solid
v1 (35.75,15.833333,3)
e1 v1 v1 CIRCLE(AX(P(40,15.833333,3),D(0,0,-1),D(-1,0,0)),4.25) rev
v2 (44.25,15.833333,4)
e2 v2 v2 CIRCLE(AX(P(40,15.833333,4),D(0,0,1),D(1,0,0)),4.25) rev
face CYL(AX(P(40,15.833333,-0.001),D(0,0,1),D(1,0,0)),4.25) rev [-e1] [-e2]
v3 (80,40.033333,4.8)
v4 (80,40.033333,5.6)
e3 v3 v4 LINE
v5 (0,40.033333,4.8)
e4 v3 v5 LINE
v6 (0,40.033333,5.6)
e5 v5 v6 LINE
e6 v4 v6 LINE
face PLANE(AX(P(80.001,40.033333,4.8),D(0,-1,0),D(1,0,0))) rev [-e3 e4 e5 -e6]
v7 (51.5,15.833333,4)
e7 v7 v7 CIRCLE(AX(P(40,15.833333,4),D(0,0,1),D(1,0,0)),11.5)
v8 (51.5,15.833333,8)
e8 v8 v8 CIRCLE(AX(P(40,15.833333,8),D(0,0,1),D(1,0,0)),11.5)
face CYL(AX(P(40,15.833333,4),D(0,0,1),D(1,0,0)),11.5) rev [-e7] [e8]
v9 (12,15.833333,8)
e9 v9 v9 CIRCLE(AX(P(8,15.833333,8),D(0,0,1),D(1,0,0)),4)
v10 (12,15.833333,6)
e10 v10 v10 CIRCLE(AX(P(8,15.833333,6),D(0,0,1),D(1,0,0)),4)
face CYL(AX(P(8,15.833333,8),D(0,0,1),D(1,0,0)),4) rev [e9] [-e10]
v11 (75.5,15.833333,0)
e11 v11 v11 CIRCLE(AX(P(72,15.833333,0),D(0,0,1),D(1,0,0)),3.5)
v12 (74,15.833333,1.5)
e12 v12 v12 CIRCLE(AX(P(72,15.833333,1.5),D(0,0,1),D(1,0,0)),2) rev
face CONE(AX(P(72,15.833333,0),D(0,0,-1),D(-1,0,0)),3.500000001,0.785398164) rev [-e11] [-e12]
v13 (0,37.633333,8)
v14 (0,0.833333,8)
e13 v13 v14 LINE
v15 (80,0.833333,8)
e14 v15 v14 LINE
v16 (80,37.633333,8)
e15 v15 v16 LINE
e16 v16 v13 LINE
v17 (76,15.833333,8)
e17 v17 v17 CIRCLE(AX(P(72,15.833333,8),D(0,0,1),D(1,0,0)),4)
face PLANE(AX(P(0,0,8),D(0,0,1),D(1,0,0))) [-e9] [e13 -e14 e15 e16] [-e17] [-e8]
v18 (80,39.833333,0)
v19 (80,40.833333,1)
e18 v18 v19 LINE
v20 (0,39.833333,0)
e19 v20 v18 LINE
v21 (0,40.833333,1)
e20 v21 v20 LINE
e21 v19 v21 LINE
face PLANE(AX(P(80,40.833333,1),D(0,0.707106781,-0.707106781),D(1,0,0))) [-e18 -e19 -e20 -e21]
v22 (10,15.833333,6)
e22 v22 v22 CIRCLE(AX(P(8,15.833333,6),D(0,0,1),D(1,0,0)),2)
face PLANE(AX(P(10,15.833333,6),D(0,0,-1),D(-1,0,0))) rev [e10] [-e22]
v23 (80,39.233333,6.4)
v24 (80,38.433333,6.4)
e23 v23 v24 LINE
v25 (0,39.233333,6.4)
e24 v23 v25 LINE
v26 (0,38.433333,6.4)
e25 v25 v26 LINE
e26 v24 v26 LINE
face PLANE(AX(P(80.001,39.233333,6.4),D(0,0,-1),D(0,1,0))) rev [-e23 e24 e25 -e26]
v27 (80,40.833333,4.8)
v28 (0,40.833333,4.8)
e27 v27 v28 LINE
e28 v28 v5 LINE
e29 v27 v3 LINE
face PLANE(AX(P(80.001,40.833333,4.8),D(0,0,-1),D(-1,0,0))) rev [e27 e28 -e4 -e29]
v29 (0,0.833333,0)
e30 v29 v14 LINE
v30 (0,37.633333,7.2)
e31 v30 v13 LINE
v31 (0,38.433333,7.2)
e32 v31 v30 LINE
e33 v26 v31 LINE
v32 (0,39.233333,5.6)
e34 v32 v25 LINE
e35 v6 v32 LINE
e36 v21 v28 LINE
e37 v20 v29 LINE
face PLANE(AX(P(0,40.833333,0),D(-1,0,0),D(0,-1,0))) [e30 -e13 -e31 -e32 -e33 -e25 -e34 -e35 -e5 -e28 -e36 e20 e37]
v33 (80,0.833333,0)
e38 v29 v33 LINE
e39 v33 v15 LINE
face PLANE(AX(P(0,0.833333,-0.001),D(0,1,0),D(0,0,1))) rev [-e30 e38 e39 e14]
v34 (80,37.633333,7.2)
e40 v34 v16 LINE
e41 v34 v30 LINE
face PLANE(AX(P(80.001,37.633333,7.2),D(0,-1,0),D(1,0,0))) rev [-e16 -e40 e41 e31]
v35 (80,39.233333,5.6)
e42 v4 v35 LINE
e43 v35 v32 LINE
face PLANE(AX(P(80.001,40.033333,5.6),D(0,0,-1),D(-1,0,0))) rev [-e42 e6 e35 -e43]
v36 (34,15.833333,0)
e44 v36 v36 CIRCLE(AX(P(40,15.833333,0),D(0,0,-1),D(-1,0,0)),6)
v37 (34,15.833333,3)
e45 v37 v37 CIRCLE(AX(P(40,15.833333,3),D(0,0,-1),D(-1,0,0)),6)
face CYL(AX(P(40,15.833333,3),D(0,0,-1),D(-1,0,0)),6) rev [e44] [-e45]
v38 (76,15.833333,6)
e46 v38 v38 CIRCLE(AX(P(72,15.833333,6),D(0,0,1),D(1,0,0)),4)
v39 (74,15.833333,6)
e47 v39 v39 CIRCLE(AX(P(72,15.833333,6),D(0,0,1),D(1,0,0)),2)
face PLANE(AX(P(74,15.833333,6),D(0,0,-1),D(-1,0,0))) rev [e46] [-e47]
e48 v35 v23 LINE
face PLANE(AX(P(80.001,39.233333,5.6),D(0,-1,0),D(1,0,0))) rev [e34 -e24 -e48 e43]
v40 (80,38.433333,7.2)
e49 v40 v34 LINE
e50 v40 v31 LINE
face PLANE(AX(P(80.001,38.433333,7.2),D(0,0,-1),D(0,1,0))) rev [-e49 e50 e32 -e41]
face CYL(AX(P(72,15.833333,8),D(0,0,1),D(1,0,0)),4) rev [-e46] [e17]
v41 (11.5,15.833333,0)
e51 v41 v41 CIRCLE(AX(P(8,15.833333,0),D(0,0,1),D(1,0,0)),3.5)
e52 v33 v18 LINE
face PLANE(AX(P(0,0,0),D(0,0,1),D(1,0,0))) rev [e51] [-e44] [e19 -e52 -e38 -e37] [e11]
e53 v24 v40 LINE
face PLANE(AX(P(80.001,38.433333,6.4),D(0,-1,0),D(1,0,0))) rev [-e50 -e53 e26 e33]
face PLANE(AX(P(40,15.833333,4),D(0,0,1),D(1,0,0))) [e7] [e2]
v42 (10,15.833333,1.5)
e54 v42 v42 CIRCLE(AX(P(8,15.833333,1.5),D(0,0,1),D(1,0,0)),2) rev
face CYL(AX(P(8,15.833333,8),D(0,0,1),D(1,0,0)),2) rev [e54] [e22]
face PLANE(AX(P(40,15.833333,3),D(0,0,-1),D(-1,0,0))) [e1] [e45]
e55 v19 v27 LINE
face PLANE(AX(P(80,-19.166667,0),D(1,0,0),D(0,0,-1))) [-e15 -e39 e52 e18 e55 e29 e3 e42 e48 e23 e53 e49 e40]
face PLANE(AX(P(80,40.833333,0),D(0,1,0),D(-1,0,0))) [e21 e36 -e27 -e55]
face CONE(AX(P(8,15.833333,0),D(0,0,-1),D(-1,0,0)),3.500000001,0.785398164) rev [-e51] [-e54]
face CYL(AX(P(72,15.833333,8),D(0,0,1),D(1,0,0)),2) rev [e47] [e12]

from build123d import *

# Parameters (mm, degrees)
SKETCH_1_W                     = 80
SKETCH_1_H                     = 60
EXTRUDE_1_DEPTH                = 8
HOLE_WIZARD_M3_5_1_D           = 4
HOLE_WIZARD_M3_5_1_CBORE_D     = 8
HOLE_WIZARD_M3_5_1_CBORE_DEPTH = 2
SKETCH_14_W                    = 80
SKETCH_14_H                    = 2
SKETCH_14_W_2                  = 2
SKETCH_14_H_2                  = 16
CUT_EXTRUDE_1_DEPTH            = 1
CUT_EXTRUDE_2_REACH            = 92.174
SKETCH_15_R                    = 4.25
SKETCH_17_R                    = 11.5
CUT_EXTRUDE_4_DEPTH            = 4
SKETCH_18_R                    = 6
CUT_EXTRUDE_5_DEPTH            = 3
CHAMFER_1_SIZE                 = 1.499999999
CHAMFER_1_SIZE2                = 1.500000001
CHAMFER_2_SIZE                 = 1
SKETCH_20_W                    = 80
SKETCH_20_H                    = 6
CUT_EXTRUDE_6_DEPTH            = 1
SKETCH_21_W                    = 80
SKETCH_21_H                    = 4
CUT_EXTRUDE_7_DEPTH            = 1
SKETCH_22_W                    = 80
SKETCH_22_H                    = 2
CUT_EXTRUDE_8_DEPTH            = 1
SKETCH_23_R                    = 1
CUT_EXTRUDE_9_DEPTH            = 1
CUT_EXTRUDE_10_REACH           = 92.174
SKETCH_24_W                    = 80
SKETCH_24_H                    = 20
EXTRUDE_2_DEPTH                = 3
CUT_EXTRUDE_11_REACH           = 92.174


with BuildPart() as part:
    # 草图1 → 凸台-拉伸1 (new body)
    with BuildSketch(Plane.XY.offset(8)):
        with Locations((40, 10.833333333)):
            Rectangle(SKETCH_1_W, SKETCH_1_H)
    extrude(amount=-EXTRUDE_1_DEPTH)

    # M3.5 六角头机械螺钉的柱形沉头孔1 (through all)
    with Locations(Plane.XY.offset(8)):
        with Locations((8, 15.833333333), (72, 15.833333333)):
            CounterBoreHole(HOLE_WIZARD_M3_5_1_D / 2, HOLE_WIZARD_M3_5_1_CBORE_D / 2, HOLE_WIZARD_M3_5_1_CBORE_DEPTH)

    # 草图14 → 切除-拉伸1 (cut)
    with BuildSketch(Plane.XY.offset(8)):
        with Locations((40, 37.833333333)):
            Rectangle(SKETCH_14_W, SKETCH_14_H)
        Polygon((15, 40.833333333), (31, 24.833333333), (32.414213562, 26.247546896), (16.414213562, 42.247546896), align=None)
        with Locations((7, 32.833333333)):
            Rectangle(SKETCH_14_W_2, SKETCH_14_H_2)
        with Locations((40, 32.833333333)):
            Rectangle(SKETCH_14_W_2, SKETCH_14_H_2)
        with Locations((73, 32.833333333)):
            Rectangle(SKETCH_14_W_2, SKETCH_14_H_2)
        Polygon((47.585786438, 26.247546896), (63.585786438, 42.247546896), (65, 40.833333333), (49, 24.833333333), align=None)
    extrude(amount=-CUT_EXTRUDE_1_DEPTH, mode=Mode.SUBTRACT)

    # 草图15 → 切除-拉伸2 (cut, up to next)
    with BuildSketch(Plane.XY.offset(8), mode=Mode.PRIVATE) as cut_extrude_2_sk1:
        with Locations((40, 15.833333333)):
            Circle(SKETCH_15_R)
    cut_extrude_2_tool1 = extrude(cut_extrude_2_sk1.sketch, amount=-CUT_EXTRUDE_2_REACH, mode=Mode.PRIVATE) & part.part
    add(cut_extrude_2_tool1.solids().sort_by_distance((40, 15.833333, 8))[0], mode=Mode.SUBTRACT)

    # 草图17 → 切除-拉伸4 (cut)
    with BuildSketch(Plane.XY.offset(8)):
        with Locations((40, 15.833333333)):
            Circle(SKETCH_17_R)
    extrude(amount=-CUT_EXTRUDE_4_DEPTH, mode=Mode.SUBTRACT)

    # 草图18 → 切除-拉伸5 (cut)
    with BuildSketch(Plane(origin=(0, 0, 0), x_dir=(-1, 0, 0), z_dir=(0, 0, -1))):
        with Locations((-40, 15.833333333)):
            Circle(SKETCH_18_R)
    extrude(amount=-CUT_EXTRUDE_5_DEPTH, mode=Mode.SUBTRACT)

    # 倒角1
    chamfer_1_edges = [part.edges().sort_by_distance(p)[0] for p in [
        (74, 15.833333333, 0),
        (10, 15.833333333, 0),
    ]]
    chamfer_1_side = [part.faces().sort_by_distance(p)[0] for p in [
        (79, 10.833333333, 0),
    ]]
    chamfer(chamfer_1_edges, length=CHAMFER_1_SIZE, length2=CHAMFER_1_SIZE2, reference=chamfer_1_side[0])

    # 倒角2
    chamfer_2_edges = [part.edges().sort_by_distance(p)[0] for p in [
        (40, 40.833333333, 0),
    ]]
    chamfer(chamfer_2_edges, length=CHAMFER_2_SIZE)

    # 草图20 → 切除-拉伸6 (cut)
    with BuildSketch(Plane.XY.offset(8)):
        with Locations((40, -16.166666667)):
            Rectangle(SKETCH_20_W, SKETCH_20_H)
    extrude(amount=-CUT_EXTRUDE_6_DEPTH, mode=Mode.SUBTRACT)

    # 草图21 → 切除-拉伸7 (cut)
    with BuildSketch(Plane.XY.offset(7)):
        with Locations((40, -17.166666667)):
            Rectangle(SKETCH_21_W, SKETCH_21_H)
    extrude(amount=-CUT_EXTRUDE_7_DEPTH, mode=Mode.SUBTRACT)

    # 草图22 → 切除-拉伸8 (cut)
    with BuildSketch(Plane.XY.offset(6)):
        with Locations((40, -18.166666667)):
            Rectangle(SKETCH_22_W, SKETCH_22_H)
    extrude(amount=-CUT_EXTRUDE_8_DEPTH, mode=Mode.SUBTRACT)

    # 草图23 → 切除-拉伸9 (cut)
    with BuildSketch(Plane.XY.offset(8)):
        with Locations((7, 24.833333333)):
            Circle(SKETCH_23_R)
        with Locations((31.707106781, 25.540440115)):
            Circle(SKETCH_23_R)
        with Locations((48.292893219, 25.540440115)):
            Circle(SKETCH_23_R)
        with Locations((73, 24.833333333)):
            Circle(SKETCH_23_R)
    extrude(amount=-CUT_EXTRUDE_9_DEPTH, mode=Mode.SUBTRACT)

    # 草图24 → 切除-拉伸10 (cut, up to next)
    with BuildSketch(Plane.XY.offset(8), mode=Mode.PRIVATE) as cut_extrude_10_sk1:
        with Locations((40, -9.166666667)):
            Rectangle(SKETCH_24_W, SKETCH_24_H)
    cut_extrude_10_tool1 = extrude(cut_extrude_10_sk1.sketch, amount=-CUT_EXTRUDE_10_REACH, mode=Mode.PRIVATE) & part.part
    add(cut_extrude_10_tool1.solids().sort_by_distance((40, -9.166667, 8))[0], mode=Mode.SUBTRACT)

    # 草图25 → 凸台-拉伸2 (add)
    with BuildSketch(Plane.XY.offset(8)):
        with BuildLine():
            Line((0, 40.833333333), (80, 40.833333333))
            Line((80, 40.833333333), (80, 22.833333333))
            Line((80, 22.833333333), (49.124143795, 22.833333333))
            ThreePointArc((49.124143795, 22.833333333), (40, 27.333333333), (30.875856205, 22.833333333))
            Line((30.875856205, 22.833333333), (0, 22.833333333))
            Line((0, 22.833333333), (0, 40.833333333))
        make_face()
    extrude(amount=-EXTRUDE_2_DEPTH)

    # 草图26 → 切除-拉伸11 (cut, up to next)
    with BuildSketch(Plane.ZY, mode=Mode.PRIVATE) as cut_extrude_11_sk1:
        Polygon((4.8, 40.833333333), (4.8, 40.033333333), (5.6, 40.033333333), (5.6, 39.233333333), (6.4, 39.233333333), (6.4, 38.433333333), (7.2, 38.433333333), (7.2, 37.633333333), (8, 37.633333333), (8, 40.833333333), align=None)
    cut_extrude_11_tool1 = extrude(cut_extrude_11_sk1.sketch, amount=-CUT_EXTRUDE_11_REACH, mode=Mode.PRIVATE) & part.part
    add(cut_extrude_11_tool1.solids().sort_by_distance((0, 39.633333, 6.8))[0], mode=Mode.SUBTRACT)


solid = part.part
